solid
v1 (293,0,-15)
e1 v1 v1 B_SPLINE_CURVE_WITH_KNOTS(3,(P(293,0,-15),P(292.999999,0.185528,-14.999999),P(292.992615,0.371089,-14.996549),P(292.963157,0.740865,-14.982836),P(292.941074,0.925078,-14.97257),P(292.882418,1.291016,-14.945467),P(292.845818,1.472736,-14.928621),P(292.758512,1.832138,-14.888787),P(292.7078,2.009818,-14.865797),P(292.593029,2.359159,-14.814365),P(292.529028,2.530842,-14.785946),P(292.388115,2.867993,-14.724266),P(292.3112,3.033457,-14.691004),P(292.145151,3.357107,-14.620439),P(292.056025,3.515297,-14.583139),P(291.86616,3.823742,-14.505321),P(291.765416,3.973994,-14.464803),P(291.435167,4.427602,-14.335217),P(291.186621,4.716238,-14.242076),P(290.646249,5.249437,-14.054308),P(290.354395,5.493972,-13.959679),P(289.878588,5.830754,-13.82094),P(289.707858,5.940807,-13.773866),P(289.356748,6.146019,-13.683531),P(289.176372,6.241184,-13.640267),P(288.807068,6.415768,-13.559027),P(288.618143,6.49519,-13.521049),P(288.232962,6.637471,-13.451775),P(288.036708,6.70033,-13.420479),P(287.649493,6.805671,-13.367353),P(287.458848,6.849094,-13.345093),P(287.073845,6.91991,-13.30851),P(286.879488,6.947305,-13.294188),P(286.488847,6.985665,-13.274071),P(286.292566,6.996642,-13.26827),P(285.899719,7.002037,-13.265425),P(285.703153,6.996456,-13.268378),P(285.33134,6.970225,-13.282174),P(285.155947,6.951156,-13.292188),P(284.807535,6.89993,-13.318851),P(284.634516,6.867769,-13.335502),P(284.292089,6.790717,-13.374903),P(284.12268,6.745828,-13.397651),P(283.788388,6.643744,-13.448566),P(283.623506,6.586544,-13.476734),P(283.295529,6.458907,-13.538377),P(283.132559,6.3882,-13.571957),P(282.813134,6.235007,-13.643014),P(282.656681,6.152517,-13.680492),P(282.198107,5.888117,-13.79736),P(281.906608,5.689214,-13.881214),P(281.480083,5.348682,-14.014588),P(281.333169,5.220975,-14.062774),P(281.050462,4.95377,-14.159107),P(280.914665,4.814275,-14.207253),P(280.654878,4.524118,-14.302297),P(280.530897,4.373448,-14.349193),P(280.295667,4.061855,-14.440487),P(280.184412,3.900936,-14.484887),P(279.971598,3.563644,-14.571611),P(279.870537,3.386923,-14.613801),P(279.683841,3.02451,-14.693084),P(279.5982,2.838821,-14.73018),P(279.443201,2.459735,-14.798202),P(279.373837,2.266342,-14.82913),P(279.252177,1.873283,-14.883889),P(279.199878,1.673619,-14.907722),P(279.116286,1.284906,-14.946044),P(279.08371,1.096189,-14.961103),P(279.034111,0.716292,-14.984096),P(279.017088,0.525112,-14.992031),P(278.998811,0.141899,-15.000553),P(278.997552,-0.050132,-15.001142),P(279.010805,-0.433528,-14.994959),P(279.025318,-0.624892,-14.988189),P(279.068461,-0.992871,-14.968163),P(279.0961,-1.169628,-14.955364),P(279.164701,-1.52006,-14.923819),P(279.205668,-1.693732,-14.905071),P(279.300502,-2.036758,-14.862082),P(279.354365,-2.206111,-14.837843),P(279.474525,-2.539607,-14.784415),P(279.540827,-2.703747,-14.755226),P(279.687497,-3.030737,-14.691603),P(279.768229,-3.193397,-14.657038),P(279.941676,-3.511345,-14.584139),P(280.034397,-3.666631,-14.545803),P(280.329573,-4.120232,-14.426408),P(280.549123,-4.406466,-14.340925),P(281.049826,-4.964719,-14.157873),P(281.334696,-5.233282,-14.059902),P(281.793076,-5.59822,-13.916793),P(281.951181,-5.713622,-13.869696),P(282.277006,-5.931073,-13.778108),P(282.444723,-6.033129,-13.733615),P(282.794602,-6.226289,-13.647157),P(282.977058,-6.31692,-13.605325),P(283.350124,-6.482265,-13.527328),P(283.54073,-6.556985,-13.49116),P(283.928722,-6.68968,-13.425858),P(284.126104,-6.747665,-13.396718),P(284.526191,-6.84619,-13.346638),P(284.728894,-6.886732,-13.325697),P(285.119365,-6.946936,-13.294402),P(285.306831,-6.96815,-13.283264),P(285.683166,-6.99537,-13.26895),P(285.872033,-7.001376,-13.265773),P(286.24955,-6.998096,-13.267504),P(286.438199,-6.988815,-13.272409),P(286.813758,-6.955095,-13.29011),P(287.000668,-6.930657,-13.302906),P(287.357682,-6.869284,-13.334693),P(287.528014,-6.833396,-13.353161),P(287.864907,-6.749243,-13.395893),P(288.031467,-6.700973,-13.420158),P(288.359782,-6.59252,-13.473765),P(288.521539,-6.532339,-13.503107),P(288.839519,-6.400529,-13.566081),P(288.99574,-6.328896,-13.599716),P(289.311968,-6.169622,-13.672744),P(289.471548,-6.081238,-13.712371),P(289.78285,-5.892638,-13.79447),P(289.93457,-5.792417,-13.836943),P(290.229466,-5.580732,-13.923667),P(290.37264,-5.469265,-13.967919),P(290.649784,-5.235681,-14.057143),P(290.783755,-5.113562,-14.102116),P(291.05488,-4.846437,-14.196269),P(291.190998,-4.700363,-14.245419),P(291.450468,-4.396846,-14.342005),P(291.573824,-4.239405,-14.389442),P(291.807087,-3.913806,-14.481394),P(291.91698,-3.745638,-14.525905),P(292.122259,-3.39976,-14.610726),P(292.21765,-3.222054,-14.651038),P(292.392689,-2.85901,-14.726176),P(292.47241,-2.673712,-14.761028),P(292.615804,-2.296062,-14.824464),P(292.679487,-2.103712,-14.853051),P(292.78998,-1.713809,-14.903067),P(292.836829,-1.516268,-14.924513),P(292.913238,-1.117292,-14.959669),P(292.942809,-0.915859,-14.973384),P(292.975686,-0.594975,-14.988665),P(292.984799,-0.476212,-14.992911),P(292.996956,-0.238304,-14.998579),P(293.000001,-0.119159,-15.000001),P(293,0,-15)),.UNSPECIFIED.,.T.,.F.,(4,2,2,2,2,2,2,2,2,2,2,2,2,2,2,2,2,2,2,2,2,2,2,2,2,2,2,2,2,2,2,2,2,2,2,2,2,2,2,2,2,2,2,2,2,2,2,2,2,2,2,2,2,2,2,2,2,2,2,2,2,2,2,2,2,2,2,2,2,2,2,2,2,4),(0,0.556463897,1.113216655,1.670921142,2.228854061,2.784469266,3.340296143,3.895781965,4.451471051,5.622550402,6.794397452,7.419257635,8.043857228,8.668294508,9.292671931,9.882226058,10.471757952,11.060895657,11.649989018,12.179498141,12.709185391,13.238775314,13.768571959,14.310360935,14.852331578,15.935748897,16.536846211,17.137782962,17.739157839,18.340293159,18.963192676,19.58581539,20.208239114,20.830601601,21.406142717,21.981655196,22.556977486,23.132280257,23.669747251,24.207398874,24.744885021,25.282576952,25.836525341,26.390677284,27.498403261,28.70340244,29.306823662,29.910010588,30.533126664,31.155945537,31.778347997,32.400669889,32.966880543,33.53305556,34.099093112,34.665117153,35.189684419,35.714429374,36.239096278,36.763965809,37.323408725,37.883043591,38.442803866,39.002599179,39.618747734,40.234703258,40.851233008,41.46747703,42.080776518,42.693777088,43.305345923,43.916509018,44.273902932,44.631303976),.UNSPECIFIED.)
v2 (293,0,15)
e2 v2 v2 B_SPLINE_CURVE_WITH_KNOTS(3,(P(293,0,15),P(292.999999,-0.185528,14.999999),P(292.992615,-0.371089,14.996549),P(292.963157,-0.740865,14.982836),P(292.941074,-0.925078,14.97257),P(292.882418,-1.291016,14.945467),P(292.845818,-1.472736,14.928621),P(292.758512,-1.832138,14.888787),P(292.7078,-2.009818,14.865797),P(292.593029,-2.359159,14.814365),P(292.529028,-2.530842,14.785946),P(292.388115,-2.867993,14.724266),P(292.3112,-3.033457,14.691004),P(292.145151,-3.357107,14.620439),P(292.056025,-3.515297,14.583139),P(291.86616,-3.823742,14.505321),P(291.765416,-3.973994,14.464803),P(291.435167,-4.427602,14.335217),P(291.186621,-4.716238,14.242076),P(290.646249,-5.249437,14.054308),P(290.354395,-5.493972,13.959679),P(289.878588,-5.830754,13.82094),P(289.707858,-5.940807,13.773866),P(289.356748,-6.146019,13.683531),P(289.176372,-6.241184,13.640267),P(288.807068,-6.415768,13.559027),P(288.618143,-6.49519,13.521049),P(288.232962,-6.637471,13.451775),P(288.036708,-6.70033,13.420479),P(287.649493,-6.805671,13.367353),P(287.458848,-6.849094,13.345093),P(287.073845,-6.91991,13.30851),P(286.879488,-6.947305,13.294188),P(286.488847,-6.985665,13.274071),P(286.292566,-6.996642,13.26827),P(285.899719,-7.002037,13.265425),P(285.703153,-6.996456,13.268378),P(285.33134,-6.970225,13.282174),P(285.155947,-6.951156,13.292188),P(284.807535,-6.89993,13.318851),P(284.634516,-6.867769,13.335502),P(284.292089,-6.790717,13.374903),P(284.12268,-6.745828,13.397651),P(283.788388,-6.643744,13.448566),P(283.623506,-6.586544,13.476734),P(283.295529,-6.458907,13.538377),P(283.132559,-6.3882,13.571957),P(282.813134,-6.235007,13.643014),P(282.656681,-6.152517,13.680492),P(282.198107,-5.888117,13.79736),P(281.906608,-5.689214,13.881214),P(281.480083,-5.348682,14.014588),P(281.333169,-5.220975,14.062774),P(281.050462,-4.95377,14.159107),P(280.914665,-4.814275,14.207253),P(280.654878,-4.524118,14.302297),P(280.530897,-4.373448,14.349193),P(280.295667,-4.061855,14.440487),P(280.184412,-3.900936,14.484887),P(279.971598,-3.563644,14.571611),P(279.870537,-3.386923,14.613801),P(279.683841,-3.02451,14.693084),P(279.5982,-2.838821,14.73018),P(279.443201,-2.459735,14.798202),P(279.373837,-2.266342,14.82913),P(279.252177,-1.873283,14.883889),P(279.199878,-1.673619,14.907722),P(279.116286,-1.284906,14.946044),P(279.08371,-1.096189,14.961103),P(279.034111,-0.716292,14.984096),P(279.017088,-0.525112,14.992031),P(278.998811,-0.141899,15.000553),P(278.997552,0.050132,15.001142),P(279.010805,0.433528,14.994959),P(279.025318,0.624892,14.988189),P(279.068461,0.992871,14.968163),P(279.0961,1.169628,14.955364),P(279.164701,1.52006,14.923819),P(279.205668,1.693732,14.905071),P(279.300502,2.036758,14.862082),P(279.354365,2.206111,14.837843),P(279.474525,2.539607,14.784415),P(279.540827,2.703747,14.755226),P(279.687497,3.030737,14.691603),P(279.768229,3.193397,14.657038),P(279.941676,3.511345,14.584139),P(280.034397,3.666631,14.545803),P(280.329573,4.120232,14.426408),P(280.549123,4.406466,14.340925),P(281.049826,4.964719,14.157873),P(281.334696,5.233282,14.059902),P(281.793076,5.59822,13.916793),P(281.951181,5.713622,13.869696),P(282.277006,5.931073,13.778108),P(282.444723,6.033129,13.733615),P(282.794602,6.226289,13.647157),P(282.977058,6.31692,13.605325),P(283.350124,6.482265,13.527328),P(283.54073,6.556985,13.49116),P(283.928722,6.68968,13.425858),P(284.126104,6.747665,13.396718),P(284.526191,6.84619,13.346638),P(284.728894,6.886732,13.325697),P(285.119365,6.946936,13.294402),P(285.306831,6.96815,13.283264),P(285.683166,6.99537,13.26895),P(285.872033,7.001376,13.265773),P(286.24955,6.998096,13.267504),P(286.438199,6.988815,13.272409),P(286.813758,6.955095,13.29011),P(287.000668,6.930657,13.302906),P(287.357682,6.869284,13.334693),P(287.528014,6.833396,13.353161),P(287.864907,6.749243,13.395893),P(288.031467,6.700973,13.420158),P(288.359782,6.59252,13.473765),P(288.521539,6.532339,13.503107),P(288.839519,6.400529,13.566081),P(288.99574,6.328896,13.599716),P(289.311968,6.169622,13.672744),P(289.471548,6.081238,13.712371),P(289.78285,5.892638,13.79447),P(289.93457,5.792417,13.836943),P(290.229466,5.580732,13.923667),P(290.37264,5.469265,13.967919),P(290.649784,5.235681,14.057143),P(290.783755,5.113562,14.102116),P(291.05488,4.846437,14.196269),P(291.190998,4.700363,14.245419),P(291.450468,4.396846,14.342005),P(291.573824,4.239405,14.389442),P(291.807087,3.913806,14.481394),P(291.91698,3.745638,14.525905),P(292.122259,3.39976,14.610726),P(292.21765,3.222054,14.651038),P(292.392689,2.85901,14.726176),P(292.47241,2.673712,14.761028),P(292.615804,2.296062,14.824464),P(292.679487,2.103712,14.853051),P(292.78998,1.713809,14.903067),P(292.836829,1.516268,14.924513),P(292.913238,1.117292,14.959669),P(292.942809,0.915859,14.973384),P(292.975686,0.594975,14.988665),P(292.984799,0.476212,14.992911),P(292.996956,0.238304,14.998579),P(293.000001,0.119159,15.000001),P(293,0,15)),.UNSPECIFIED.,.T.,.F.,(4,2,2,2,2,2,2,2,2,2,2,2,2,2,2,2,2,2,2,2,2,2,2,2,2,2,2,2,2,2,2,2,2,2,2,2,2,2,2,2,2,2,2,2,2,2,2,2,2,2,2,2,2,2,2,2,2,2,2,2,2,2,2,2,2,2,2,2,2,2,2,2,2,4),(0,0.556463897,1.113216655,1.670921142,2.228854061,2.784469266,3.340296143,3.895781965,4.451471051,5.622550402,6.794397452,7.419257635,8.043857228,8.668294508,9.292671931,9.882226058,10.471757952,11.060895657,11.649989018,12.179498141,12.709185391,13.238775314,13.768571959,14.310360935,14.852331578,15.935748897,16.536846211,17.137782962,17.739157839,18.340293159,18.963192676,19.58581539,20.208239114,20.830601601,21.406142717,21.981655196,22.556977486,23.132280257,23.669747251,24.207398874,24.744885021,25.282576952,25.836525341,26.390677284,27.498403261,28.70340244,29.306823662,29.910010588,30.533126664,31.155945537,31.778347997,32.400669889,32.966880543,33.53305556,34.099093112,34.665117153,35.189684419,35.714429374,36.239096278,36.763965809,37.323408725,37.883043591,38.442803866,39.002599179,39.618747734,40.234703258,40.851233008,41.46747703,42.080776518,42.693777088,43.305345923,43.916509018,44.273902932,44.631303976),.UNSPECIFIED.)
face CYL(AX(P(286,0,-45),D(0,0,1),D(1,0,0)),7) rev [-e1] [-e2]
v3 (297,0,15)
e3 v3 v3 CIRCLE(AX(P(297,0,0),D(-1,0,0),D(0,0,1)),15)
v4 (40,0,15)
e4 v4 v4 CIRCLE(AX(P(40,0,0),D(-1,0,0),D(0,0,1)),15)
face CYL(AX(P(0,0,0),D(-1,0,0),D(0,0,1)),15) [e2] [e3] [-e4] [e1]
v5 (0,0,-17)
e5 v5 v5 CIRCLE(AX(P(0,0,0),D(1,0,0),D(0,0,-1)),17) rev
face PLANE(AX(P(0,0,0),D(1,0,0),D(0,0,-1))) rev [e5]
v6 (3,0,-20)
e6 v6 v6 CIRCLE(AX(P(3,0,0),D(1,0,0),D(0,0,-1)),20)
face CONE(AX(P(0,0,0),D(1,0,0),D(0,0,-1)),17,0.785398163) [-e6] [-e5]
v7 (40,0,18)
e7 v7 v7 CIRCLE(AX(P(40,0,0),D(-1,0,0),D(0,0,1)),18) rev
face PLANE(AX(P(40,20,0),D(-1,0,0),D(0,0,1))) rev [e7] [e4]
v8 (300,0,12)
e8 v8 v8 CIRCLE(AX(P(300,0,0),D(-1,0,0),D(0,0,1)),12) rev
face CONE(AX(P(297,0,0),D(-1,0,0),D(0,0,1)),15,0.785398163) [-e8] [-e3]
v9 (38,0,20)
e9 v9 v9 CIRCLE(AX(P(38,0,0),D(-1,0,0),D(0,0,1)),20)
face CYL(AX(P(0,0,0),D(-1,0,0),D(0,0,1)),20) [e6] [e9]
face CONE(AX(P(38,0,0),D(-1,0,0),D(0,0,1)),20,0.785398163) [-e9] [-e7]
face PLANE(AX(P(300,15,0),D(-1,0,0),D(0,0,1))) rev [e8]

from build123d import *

# Parameters (mm, degrees)
CHANFREIN1_SIZE         = 3
CHANFREIN2_SIZE         = 3
ESQUISSE2_R             = 7
ENL_V_MAT_EXTRU_1_DEPTH = 45
CHANFREIN3_SIZE         = 2


with BuildPart() as part:
    # Esquisse1 → Révolution1 (revolve)
    with BuildSketch(Plane.XY, mode=Mode.PRIVATE) as r_volution1_sk:
        Polygon((0, 0), (0, 20), (40, 20), (40, 15), (300, 15), (300, 0), align=None)
    revolve(r_volution1_sk.sketch.rotate(Axis((0, 0, 0), (1, 0, 0)), 90), axis=Axis((0, 0, 0), (1, 0, 0)))

    # Chanfrein1
    chanfrein1_edges = [part.edges().sort_by_distance(p)[0] for p in [
        (0, 0, -20),
    ]]
    chamfer(chanfrein1_edges, length=CHANFREIN1_SIZE)

    # Chanfrein2
    chanfrein2_edges = [part.edges().sort_by_distance(p)[0] for p in [
        (300, 0, -15),
    ]]
    chamfer(chanfrein2_edges, length=CHANFREIN2_SIZE)

    # Esquisse2 → Enlèv. mat.-Extru.1 (cut, symmetric)
    with BuildSketch(Plane.XY):
        with Locations((286, 0)):
            Circle(ESQUISSE2_R)
    extrude(amount=ENL_V_MAT_EXTRU_1_DEPTH, both=True, mode=Mode.SUBTRACT)

    # Chanfrein3
    chanfrein3_edges = [part.edges().sort_by_distance(p)[0] for p in [
        (40, 0, -20),
    ]]
    chamfer(chanfrein3_edges, length=CHANFREIN3_SIZE)


solid = part.part
